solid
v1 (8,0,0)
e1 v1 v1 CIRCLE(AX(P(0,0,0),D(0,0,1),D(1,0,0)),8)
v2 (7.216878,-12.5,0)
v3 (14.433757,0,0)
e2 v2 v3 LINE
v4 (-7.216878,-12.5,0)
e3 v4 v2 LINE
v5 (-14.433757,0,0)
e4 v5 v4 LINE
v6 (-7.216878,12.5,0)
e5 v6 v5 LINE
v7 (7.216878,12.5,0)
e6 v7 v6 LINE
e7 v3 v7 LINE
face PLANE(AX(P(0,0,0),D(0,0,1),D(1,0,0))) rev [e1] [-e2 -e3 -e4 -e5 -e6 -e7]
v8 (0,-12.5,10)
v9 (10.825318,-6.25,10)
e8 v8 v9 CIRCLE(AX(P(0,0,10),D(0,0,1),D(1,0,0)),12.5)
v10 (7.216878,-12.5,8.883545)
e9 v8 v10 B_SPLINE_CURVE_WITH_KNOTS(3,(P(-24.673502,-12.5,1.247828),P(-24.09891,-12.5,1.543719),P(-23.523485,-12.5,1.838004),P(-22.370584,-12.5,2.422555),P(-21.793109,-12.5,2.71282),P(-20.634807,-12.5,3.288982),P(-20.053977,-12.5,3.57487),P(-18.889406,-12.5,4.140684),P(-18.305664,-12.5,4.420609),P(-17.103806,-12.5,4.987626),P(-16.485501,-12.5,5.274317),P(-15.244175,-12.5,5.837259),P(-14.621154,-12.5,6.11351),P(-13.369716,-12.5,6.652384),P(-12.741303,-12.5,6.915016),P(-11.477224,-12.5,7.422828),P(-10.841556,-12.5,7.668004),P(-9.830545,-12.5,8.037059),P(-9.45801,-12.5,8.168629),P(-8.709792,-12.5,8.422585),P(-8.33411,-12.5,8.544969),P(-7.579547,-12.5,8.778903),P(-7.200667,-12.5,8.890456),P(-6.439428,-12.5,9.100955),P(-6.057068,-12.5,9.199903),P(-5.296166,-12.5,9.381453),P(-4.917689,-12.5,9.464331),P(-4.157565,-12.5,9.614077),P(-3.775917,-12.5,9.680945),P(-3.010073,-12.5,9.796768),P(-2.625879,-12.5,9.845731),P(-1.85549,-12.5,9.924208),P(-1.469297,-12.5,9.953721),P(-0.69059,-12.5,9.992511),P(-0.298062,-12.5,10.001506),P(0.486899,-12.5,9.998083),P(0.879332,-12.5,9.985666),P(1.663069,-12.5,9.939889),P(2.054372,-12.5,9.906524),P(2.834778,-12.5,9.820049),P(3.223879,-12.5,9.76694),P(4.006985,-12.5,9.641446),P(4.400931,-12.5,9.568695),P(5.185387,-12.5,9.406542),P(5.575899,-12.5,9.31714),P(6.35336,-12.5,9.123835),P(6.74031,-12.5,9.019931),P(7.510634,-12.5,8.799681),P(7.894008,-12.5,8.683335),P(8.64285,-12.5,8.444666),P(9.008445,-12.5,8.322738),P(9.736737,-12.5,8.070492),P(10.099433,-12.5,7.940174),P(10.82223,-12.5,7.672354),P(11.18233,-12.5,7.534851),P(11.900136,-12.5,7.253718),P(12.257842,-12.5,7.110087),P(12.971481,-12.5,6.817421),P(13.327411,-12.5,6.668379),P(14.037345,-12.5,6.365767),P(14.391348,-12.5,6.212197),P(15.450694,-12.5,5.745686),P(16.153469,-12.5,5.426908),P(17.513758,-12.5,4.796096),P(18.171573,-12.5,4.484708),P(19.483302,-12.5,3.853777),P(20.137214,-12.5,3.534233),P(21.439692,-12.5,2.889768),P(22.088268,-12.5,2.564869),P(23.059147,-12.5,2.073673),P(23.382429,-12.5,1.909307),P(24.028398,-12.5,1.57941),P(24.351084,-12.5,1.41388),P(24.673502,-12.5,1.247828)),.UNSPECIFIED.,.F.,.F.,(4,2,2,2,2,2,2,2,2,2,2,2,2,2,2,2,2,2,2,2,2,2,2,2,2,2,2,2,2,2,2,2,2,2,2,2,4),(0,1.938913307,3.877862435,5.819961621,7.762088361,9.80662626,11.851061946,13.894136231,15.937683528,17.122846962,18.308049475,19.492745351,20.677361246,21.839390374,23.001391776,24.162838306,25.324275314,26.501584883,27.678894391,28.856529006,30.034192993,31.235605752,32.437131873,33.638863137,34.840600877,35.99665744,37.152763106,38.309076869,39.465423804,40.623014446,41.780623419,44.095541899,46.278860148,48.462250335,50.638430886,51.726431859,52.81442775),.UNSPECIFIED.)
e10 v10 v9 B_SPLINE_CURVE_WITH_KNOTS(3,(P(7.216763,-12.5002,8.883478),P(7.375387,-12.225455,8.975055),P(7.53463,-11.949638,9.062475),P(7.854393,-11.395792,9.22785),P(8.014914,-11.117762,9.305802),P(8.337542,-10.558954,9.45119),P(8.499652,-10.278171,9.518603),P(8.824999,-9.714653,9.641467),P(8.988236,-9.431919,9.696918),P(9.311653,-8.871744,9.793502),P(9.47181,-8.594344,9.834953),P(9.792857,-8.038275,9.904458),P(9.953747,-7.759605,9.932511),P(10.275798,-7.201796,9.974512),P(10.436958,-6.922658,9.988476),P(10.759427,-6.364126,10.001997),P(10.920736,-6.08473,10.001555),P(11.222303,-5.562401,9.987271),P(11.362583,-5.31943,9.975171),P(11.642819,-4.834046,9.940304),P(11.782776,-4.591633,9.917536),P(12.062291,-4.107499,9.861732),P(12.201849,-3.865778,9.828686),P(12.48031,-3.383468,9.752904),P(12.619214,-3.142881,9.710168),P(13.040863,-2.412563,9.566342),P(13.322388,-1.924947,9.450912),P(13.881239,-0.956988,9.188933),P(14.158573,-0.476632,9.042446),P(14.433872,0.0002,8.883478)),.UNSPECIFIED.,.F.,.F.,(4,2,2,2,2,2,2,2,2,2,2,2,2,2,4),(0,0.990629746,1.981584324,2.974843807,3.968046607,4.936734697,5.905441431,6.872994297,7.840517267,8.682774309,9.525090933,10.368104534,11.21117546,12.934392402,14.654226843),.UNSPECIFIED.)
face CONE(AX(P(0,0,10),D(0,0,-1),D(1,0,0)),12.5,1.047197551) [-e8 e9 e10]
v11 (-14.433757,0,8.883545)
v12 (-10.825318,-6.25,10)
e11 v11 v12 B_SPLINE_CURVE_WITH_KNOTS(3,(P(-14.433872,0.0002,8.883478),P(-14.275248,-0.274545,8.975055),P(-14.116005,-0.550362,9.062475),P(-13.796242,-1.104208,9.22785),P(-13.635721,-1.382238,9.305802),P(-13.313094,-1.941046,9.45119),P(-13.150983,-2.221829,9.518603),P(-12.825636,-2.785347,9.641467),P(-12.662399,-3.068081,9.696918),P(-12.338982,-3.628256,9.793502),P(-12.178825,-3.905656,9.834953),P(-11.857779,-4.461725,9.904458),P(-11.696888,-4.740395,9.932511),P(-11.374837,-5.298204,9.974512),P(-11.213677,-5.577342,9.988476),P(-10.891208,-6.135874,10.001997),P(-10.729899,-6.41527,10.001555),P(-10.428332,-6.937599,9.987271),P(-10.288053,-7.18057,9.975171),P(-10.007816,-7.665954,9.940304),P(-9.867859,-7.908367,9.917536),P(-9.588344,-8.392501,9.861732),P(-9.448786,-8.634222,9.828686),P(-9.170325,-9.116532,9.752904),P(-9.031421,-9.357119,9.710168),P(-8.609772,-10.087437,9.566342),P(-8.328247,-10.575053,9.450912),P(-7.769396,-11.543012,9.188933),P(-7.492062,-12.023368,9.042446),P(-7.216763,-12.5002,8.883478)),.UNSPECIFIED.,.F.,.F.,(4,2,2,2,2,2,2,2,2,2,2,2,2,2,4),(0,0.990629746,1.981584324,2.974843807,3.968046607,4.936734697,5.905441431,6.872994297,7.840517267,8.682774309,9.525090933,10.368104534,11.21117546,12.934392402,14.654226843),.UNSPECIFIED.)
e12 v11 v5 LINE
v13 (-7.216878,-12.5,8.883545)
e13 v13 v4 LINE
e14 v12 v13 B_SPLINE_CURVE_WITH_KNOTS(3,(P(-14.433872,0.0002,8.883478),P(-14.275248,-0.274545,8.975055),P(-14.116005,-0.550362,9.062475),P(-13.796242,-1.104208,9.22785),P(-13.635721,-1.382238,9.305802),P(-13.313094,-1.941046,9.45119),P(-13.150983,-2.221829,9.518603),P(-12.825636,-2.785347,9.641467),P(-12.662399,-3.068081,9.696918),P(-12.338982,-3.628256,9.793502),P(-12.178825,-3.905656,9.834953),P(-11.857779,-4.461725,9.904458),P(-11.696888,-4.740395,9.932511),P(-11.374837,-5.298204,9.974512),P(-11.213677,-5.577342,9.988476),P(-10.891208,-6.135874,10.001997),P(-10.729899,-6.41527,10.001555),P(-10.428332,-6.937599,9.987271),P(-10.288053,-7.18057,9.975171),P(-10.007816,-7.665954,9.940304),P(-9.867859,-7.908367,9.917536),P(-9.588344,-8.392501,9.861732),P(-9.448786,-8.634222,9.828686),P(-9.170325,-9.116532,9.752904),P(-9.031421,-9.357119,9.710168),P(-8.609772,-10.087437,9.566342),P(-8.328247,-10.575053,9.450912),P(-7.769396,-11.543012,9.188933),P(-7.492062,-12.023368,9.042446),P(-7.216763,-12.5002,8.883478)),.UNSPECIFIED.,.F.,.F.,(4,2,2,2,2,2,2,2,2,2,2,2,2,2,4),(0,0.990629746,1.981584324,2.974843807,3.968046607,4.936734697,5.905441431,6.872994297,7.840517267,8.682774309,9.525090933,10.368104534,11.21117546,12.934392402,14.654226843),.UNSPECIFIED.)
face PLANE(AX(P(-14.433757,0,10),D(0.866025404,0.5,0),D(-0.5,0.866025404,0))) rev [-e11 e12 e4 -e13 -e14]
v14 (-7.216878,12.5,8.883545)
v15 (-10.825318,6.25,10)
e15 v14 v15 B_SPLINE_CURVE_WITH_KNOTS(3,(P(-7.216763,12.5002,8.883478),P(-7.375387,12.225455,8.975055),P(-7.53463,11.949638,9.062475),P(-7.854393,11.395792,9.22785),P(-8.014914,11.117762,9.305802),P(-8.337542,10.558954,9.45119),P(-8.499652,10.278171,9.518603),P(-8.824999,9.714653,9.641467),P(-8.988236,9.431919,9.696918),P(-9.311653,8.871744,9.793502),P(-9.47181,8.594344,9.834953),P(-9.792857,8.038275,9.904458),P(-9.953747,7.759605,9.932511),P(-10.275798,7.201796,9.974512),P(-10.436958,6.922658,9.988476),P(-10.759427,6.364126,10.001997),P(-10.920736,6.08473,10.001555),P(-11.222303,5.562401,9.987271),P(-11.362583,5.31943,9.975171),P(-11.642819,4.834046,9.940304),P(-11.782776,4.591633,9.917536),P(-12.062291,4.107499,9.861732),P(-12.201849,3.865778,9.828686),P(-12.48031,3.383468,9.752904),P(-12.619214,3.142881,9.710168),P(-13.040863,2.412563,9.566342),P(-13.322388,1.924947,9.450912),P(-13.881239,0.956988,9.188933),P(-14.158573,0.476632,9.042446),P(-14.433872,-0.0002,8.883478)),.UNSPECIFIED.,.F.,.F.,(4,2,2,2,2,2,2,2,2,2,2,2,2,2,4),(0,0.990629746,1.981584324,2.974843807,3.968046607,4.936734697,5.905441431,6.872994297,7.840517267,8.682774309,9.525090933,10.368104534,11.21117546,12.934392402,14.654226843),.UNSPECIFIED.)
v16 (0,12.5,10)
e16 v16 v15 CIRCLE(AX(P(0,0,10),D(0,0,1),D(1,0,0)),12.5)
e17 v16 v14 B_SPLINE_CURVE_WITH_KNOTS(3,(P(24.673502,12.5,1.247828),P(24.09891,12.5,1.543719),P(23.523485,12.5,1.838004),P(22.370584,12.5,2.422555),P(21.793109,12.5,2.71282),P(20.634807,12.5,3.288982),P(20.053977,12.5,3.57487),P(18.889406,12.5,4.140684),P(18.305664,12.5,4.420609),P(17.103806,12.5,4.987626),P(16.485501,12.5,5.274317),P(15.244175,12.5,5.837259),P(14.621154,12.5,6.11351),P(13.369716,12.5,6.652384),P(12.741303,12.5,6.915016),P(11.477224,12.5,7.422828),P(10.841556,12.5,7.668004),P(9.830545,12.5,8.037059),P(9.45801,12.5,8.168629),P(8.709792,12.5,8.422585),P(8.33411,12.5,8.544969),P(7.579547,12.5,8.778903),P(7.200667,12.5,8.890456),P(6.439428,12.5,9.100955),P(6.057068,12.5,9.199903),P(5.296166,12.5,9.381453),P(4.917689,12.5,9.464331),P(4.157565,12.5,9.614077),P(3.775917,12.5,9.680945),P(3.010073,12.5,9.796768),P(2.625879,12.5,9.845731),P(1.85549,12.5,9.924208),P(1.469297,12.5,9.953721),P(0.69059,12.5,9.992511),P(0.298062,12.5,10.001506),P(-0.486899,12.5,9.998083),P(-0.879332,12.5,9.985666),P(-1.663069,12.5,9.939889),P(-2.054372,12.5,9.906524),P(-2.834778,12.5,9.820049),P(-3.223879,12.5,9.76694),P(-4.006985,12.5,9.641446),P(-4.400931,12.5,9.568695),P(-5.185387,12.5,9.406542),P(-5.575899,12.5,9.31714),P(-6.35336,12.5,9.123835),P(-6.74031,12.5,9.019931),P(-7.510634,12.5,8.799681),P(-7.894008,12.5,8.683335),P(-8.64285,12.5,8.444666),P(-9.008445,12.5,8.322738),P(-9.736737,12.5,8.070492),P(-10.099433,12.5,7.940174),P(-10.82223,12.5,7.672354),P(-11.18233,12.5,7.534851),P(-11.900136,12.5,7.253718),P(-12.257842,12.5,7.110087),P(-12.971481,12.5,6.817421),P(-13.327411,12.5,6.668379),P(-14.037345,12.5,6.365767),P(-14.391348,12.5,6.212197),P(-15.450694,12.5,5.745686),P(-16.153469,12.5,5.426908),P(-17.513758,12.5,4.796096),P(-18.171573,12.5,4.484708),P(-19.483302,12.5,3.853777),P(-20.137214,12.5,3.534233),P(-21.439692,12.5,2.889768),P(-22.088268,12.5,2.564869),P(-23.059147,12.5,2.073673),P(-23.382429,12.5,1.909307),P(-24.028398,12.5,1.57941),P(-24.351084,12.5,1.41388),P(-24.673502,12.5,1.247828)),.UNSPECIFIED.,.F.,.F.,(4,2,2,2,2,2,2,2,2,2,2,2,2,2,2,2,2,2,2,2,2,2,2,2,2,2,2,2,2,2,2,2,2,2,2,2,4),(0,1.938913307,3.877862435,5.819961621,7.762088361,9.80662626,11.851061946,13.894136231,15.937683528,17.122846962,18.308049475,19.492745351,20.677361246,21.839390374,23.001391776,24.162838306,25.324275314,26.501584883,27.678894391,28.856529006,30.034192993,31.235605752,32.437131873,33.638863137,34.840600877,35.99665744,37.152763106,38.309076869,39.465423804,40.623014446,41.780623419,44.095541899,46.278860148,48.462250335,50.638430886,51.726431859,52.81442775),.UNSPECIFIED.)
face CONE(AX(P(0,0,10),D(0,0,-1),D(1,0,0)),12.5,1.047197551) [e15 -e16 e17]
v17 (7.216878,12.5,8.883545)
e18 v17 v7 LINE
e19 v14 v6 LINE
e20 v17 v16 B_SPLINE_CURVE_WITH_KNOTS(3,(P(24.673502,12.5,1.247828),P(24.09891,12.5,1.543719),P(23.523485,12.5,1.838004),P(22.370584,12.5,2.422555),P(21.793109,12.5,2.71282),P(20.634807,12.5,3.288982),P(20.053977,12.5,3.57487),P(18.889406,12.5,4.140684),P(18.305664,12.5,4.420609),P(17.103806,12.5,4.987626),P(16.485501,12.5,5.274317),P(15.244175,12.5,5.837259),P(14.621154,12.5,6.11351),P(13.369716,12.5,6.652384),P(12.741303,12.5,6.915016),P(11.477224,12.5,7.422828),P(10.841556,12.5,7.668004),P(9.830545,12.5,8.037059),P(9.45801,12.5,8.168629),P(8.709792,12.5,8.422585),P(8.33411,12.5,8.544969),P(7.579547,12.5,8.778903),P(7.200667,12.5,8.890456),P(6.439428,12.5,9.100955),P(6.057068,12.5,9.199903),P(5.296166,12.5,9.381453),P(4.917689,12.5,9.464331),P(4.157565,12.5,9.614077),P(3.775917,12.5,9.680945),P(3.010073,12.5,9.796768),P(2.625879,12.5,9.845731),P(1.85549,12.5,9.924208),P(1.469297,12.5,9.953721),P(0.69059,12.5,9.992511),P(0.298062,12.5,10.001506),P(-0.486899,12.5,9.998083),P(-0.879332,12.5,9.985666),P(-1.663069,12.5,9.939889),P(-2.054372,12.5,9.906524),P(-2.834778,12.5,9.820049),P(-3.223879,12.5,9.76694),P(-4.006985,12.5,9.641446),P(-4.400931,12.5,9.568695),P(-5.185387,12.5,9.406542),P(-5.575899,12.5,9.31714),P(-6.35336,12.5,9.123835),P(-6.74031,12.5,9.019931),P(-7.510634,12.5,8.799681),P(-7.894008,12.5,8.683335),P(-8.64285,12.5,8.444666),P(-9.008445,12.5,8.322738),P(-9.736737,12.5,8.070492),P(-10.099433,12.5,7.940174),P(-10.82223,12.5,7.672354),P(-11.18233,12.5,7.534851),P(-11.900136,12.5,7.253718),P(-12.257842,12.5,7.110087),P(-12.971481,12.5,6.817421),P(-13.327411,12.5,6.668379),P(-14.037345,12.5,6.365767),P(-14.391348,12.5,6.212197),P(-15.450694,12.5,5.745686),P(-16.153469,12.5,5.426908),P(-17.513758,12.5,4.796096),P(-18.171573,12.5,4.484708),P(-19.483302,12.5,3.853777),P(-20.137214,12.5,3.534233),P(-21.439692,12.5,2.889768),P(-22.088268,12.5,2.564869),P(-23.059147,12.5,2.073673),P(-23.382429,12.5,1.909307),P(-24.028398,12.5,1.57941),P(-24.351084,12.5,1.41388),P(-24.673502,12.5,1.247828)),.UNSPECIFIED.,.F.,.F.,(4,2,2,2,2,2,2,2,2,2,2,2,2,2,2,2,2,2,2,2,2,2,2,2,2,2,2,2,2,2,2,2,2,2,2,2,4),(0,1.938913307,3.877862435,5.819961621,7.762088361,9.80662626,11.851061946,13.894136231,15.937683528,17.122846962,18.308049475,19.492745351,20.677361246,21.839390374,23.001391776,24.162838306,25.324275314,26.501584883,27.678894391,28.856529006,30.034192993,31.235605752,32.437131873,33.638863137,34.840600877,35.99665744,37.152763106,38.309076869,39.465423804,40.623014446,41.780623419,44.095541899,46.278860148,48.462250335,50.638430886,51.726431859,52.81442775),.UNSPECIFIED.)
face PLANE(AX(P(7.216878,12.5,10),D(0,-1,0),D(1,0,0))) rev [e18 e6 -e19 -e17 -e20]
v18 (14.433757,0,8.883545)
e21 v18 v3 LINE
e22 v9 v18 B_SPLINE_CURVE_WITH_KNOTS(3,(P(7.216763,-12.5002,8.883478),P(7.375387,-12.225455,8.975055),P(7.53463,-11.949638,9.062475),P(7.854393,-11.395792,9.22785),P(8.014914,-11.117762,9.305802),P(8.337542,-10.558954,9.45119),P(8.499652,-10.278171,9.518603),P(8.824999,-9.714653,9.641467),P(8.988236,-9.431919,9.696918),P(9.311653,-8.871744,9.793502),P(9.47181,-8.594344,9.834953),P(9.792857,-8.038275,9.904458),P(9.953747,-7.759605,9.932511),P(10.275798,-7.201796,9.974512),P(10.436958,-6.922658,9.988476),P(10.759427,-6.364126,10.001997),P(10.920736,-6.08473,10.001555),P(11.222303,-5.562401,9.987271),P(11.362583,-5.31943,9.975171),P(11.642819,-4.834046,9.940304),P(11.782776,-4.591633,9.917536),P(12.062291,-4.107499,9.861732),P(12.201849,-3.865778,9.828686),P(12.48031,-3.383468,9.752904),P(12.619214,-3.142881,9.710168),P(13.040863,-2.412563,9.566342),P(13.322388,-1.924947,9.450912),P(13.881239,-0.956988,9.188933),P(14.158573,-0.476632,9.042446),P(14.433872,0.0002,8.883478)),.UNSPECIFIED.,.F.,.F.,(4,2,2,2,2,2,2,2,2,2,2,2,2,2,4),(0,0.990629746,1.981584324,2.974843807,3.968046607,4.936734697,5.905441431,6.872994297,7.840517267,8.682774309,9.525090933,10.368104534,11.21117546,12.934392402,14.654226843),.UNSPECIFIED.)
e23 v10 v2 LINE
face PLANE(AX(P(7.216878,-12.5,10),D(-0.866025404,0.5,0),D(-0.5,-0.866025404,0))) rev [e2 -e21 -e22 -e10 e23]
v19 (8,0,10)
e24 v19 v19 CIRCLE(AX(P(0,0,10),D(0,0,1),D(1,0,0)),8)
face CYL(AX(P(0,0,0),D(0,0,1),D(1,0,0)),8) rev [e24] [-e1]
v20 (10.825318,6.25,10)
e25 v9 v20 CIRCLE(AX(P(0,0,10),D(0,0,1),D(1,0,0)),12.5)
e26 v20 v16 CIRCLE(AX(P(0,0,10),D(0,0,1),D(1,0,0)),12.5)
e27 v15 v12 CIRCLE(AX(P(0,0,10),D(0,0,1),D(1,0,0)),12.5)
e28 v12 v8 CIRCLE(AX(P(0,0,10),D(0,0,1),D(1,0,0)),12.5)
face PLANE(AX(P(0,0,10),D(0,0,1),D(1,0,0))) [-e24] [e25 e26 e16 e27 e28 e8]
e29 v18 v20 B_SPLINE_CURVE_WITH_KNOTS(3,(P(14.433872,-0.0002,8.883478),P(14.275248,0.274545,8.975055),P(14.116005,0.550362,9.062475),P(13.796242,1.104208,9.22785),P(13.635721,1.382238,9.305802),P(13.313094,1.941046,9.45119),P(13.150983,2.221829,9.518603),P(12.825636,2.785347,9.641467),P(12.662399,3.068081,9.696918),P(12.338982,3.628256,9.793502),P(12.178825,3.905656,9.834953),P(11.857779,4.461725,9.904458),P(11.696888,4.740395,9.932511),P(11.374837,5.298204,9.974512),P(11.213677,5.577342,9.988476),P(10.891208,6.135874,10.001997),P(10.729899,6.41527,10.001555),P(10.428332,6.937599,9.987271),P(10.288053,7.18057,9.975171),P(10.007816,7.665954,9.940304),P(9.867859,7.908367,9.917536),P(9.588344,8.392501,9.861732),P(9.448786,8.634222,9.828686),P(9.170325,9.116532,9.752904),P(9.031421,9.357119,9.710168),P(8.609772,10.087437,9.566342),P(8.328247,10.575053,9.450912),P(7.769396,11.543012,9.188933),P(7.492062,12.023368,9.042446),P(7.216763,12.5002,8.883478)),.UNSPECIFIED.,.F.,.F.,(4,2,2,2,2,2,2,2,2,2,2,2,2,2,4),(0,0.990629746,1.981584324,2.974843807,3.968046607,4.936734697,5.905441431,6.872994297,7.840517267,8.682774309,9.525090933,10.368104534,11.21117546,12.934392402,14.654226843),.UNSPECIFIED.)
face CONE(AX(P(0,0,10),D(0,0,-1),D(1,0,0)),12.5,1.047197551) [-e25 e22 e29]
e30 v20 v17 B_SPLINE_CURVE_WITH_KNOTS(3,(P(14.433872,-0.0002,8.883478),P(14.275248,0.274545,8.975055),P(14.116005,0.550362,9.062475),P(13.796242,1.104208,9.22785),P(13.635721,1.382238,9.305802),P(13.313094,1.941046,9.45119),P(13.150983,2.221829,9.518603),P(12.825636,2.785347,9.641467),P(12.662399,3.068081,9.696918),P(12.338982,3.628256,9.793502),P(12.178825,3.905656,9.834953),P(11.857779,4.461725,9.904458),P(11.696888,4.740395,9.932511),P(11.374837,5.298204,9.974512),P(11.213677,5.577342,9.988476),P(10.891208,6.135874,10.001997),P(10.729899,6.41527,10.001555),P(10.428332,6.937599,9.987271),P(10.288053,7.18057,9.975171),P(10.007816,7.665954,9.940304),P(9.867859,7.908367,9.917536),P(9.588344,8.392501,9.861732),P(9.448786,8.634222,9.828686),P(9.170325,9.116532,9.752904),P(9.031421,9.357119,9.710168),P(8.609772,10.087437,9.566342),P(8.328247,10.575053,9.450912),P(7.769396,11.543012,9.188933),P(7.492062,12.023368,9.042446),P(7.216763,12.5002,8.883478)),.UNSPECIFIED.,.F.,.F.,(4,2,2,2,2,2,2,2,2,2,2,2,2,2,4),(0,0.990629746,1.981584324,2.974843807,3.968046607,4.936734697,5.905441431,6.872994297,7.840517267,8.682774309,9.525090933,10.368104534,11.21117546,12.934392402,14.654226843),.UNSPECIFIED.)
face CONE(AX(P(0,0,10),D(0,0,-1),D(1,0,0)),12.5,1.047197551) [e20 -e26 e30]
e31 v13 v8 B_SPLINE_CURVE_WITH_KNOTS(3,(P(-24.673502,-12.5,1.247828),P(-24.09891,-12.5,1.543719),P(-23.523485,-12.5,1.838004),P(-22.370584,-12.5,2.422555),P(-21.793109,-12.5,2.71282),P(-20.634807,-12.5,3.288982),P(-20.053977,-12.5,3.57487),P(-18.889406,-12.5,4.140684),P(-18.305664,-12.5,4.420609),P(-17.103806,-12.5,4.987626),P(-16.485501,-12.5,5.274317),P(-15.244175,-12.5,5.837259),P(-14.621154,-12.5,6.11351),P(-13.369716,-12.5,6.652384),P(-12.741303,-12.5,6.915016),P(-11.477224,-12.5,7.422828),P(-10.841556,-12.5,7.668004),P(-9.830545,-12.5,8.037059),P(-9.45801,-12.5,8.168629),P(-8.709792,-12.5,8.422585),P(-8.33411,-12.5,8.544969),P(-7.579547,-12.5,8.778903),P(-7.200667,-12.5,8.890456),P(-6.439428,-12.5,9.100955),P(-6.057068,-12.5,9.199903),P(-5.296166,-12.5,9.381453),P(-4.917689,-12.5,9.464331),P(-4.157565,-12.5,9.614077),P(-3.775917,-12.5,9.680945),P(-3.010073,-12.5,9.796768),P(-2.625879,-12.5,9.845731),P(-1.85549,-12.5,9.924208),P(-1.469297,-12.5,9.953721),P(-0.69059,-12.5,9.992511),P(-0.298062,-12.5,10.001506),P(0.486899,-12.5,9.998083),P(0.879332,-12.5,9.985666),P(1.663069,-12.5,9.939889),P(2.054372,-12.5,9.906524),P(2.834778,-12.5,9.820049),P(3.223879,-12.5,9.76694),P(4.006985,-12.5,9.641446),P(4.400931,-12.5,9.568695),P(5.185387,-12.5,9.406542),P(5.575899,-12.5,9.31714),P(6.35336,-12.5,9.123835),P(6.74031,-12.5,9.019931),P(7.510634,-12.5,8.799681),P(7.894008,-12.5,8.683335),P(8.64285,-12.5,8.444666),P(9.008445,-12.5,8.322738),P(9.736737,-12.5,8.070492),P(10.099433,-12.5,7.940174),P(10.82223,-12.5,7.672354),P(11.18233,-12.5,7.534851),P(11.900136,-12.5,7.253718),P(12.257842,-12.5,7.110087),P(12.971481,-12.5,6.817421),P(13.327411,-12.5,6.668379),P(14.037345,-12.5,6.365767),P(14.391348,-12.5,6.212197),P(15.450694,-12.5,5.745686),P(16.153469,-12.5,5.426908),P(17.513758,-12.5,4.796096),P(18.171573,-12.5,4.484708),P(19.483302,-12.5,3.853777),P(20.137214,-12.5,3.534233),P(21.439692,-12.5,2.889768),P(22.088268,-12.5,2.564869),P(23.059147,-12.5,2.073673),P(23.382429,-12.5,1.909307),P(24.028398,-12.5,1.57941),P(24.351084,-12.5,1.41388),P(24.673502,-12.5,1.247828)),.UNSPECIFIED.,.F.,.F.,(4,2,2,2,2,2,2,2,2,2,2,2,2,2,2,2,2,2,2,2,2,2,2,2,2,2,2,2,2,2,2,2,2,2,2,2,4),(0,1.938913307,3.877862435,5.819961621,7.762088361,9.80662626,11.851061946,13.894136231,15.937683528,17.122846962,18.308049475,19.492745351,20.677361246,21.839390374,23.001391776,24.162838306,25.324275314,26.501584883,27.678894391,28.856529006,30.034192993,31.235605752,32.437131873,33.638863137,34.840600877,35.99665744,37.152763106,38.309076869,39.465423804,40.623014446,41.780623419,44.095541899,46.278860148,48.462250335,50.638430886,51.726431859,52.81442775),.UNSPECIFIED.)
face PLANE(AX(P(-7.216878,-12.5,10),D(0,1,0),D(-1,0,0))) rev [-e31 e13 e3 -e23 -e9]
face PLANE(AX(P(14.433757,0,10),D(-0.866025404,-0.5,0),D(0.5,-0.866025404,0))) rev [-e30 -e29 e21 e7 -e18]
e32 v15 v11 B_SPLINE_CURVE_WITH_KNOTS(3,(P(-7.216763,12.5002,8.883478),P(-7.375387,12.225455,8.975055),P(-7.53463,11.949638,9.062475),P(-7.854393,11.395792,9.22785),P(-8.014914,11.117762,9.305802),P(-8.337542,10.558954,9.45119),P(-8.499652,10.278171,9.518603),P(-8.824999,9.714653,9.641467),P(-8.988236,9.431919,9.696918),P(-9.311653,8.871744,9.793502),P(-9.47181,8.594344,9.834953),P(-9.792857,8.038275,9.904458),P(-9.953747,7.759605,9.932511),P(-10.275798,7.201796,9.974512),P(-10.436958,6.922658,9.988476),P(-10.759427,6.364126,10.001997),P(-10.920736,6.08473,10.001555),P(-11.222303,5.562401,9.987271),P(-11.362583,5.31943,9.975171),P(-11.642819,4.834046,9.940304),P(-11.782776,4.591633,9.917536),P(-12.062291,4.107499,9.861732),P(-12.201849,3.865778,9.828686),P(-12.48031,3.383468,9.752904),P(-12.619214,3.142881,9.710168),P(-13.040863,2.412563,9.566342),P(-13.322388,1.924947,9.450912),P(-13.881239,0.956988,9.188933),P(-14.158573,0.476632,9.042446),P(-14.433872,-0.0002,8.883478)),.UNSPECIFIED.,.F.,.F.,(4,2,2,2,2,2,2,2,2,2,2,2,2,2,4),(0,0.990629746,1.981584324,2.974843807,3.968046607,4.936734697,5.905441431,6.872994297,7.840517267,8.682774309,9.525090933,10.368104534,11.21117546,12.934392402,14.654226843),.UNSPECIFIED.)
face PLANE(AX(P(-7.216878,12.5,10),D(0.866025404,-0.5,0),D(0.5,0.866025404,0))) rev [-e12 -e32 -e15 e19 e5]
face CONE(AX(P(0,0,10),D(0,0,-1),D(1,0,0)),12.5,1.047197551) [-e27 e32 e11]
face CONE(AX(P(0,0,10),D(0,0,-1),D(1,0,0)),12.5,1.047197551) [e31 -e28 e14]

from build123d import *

# Parameters (mm, degrees)
Y_KSEKLIK_EKSTR_ZYON1_DEPTH = 10
IZIM2_R                     = 8
KES_EKSTR_ZYON1_DEPTH       = 10
IZIM3_OUTSIDE_W             = 73.404
IZIM3_OUTSIDE_H             = 69.536
IZIM3_OUTSIDE_R             = 12.5
KES_EKSTR_ZYON2_DEPTH       = 10
KES_EKSTR_ZYON2_DRAFT       = -60


with BuildPart() as part:
    # Çizim1 → Yükseklik-Ekstrüzyon1 (new body)
    with BuildSketch(Plane.XY):
        Polygon((14.43375673, 0), (7.216878365, 12.5), (-7.216878365, 12.5), (-14.43375673, 0), (-7.216878365, -12.5), (7.216878365, -12.5), align=None)
    extrude(amount=Y_KSEKLIK_EKSTR_ZYON1_DEPTH)

    # Çizim2 → Kes-Ekstrüzyon1 (cut)
    with BuildSketch(Plane.XY.offset(10)):
        Circle(IZIM2_R)
    extrude(amount=-KES_EKSTR_ZYON1_DEPTH, mode=Mode.SUBTRACT)


with BuildPart() as kes_ekstr_zyon2_tool:
    # Çizim3 outside → Kes-Ekstrüzyon2 (with draft: the straight prism first)
    with BuildSketch(Plane.XY.offset(10)):
        Rectangle(IZIM3_OUTSIDE_W, IZIM3_OUTSIDE_H)
        Circle(IZIM3_OUTSIDE_R, mode=Mode.SUBTRACT)
    extrude(amount=-KES_EKSTR_ZYON2_DEPTH)
    # Kes-Ekstrüzyon2: the draft: its side faces are tilted about the plane it starts from
    kes_ekstr_zyon2_sides = [kes_ekstr_zyon2_tool.faces().sort_by_distance(p)[0] for p in [
        (0, -34.768, 5),
        (36.702, 0, 5),
        (0, 34.768, 5),
        (-36.702, 0, 5),
        (-12.5, 0, 5),
    ]]
    draft(kes_ekstr_zyon2_sides, Plane.XY.offset(10), KES_EKSTR_ZYON2_DRAFT)


with BuildPart() as part_1:
    add(part.part)

    # Kes-Ekstrüzyon2: cut by kes_ekstr_zyon2_tool
    add(kes_ekstr_zyon2_tool.part, mode=Mode.SUBTRACT)


solid = part_1.part
